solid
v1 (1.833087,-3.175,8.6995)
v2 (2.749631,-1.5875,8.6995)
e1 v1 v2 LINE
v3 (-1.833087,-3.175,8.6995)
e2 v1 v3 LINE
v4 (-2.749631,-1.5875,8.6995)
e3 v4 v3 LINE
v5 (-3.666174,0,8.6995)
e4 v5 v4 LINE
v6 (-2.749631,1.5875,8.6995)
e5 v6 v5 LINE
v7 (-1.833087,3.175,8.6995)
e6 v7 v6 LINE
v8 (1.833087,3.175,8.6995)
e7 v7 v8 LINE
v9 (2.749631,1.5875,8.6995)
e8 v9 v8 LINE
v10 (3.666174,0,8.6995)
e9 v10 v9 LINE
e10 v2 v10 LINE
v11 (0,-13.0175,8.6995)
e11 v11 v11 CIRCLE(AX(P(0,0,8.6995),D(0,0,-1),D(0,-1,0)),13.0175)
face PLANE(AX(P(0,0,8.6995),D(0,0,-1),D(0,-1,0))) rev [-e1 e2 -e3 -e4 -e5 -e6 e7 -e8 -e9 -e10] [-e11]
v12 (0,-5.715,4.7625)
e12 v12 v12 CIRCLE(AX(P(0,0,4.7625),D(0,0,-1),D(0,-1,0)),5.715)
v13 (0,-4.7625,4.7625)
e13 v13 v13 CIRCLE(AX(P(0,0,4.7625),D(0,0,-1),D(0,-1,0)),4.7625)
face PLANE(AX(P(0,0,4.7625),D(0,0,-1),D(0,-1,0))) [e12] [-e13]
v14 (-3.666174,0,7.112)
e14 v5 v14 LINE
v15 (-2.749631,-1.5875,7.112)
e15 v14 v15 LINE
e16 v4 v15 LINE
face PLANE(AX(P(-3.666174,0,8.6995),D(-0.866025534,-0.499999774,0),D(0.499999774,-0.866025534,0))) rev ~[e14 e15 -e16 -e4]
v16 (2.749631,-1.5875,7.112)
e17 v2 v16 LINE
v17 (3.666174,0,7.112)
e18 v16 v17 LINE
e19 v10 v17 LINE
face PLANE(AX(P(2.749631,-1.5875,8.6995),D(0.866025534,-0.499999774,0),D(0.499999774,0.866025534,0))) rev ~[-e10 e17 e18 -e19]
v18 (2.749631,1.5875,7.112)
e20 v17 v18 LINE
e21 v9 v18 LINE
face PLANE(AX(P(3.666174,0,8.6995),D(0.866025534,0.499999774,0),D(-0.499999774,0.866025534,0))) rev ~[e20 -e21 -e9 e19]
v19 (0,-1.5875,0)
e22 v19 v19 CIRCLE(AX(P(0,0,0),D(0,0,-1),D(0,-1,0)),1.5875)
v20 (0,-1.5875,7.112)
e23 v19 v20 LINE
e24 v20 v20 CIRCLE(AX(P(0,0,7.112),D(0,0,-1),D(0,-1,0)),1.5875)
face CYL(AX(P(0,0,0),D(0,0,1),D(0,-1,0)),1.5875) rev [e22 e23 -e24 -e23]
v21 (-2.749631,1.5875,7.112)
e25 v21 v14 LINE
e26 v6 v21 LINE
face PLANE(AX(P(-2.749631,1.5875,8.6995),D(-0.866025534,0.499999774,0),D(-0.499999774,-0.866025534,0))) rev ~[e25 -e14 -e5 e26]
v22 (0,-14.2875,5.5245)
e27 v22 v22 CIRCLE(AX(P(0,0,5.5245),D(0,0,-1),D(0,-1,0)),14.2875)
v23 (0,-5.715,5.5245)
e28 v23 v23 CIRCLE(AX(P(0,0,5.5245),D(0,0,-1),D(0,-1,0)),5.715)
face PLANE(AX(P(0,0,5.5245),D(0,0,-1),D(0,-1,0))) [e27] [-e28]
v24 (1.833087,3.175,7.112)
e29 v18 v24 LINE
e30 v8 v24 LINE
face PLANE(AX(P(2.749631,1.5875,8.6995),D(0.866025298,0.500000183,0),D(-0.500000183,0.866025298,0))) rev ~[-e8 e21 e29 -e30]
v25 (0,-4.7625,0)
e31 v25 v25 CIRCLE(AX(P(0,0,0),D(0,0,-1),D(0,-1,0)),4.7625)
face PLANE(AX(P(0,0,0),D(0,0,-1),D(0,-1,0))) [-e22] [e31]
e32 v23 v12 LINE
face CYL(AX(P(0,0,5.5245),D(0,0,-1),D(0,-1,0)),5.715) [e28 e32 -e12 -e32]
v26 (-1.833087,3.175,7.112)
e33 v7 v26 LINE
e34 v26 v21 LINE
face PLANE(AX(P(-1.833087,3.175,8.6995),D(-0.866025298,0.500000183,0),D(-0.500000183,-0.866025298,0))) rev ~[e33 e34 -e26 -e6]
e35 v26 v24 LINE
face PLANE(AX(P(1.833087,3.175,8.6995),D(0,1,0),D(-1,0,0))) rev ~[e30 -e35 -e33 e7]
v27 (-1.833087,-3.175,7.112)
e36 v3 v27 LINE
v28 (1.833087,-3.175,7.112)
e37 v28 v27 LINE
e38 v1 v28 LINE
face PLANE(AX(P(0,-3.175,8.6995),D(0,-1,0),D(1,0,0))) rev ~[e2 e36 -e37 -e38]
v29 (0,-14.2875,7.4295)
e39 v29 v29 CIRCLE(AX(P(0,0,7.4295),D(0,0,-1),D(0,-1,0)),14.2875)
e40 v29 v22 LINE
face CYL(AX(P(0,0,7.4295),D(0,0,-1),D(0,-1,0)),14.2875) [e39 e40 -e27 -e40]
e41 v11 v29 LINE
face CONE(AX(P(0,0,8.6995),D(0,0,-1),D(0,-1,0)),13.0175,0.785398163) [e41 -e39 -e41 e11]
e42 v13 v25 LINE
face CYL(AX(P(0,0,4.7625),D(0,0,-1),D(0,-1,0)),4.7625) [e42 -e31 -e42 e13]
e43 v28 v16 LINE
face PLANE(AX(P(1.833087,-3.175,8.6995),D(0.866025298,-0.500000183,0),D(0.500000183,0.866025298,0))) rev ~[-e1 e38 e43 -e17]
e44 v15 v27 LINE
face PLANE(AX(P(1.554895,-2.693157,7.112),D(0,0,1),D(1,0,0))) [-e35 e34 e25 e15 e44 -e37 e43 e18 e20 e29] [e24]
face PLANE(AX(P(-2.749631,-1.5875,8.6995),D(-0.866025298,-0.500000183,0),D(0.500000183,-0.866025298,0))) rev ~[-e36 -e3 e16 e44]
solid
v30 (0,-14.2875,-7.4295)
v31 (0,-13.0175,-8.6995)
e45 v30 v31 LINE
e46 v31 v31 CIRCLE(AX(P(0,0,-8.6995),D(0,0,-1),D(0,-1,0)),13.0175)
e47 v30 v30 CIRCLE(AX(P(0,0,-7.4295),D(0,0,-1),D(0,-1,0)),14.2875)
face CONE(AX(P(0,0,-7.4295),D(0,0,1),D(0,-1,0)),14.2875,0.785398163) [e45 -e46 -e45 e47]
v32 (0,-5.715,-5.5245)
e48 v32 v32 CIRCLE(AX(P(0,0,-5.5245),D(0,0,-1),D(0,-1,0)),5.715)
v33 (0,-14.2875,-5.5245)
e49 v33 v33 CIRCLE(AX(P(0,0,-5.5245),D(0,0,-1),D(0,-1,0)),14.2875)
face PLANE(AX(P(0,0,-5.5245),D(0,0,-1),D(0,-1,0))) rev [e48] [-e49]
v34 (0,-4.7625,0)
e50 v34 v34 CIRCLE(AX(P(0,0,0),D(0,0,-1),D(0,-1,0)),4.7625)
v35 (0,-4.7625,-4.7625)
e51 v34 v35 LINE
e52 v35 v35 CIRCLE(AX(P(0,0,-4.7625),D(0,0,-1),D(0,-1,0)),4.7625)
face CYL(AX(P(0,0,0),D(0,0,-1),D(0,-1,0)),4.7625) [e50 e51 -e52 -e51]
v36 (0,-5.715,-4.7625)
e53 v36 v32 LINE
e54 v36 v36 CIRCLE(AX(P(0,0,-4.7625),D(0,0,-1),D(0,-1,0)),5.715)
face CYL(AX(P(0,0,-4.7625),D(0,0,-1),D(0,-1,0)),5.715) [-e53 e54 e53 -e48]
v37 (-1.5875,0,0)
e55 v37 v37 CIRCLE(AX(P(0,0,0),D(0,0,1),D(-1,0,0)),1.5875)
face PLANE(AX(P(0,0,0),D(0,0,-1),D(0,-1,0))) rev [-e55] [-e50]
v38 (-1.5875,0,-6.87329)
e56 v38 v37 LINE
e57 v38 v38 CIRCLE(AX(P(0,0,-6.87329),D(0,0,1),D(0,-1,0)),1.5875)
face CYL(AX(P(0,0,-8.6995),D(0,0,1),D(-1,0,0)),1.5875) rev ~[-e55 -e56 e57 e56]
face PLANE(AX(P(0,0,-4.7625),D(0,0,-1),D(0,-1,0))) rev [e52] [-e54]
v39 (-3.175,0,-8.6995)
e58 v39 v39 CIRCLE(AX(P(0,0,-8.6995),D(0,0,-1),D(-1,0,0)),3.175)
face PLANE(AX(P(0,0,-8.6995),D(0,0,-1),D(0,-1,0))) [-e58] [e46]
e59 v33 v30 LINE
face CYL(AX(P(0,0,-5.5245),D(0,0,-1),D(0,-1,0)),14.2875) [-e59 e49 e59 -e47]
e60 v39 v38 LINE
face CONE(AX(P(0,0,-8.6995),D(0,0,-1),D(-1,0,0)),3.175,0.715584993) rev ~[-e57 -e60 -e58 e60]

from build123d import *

# Parameters (mm, degrees)
F3_DEPTH       = 1.5875
F7_D           = 3.175
F7_DEPTH       = 15.875
F7_CSINK_D     = 6.35
F7_CSINK_ANGLE = 82


with BuildPart() as f1:
    # F0 (on Right) → F1 (revolve)
    with BuildSketch(Plane.YZ):
        Polygon((-3.175, 8.6995), (-13.0175, 8.6995), (-14.2875, 7.4295), (-14.2875, 5.5245), (-5.715, 5.5245), (-5.715, 4.7625), (-4.7625, 4.7625), (-4.7625, 0), (-1.5875, 0), (-1.5875, 7.112), (-3.175, 7.112), align=None)
    revolve(axis=Axis((0, 0, 4.34975), (0, 0, -1)))

    # F2 (on face) → F3 (cut, through all)
    with BuildSketch(Plane.XY.offset(8.6995)):
        with BuildLine():
            Line((1.833087, 3.175), (0, 3.175))
            ThreePointArc((0, 3.175), (1.5875, 2.749631), (2.749631, 1.5875))
            Line((2.749631, 1.5875), (1.833087, 3.175))
        make_face()
        with BuildLine():
            ThreePointArc((3.175, 0), (3.066814, -0.82175), (2.749631, -1.5875))
            Line((2.749631, -1.5875), (3.666174, 0))
            Line((3.666174, 0), (2.749631, 1.5875))
            ThreePointArc((2.749631, 1.5875), (3.066815, 0.82175), (3.175, 0))
        make_face()
        with BuildLine():
            ThreePointArc((2.749631, -1.5875), (1.5875, -2.749631), (0, -3.175))
            Line((0, -3.175), (1.833087, -3.175))
            Line((1.833087, -3.175), (2.749631, -1.5875))
        make_face()
        with BuildLine():
            Line((-2.749631, -1.5875), (-1.833087, -3.175))
            Line((-1.833087, -3.175), (0, -3.175))
            ThreePointArc((0, -3.175), (-1.5875, -2.749631), (-2.749631, -1.5875))
        make_face()
        with BuildLine():
            Line((-3.666174, 0), (-2.749631, -1.5875))
            ThreePointArc((-2.749631, -1.5875), (-3.175, 0), (-2.749631, 1.5875))
            Line((-2.749631, 1.5875), (-3.666174, 0))
        make_face()
        with BuildLine():
            Line((-1.833087, 3.175), (-2.749631, 1.5875))
            ThreePointArc((-2.749631, 1.5875), (-1.5875, 2.749631), (0, 3.175))
            Line((0, 3.175), (-1.833087, 3.175))
        make_face()
    extrude(amount=-F3_DEPTH, mode=Mode.SUBTRACT)


with BuildPart() as f5:
    # F4 (on Right) → F5 (revolve)
    with BuildSketch(Plane.YZ):
        Polygon((0, 0), (-4.7625, 0), (-4.7625, -4.7625), (-5.715, -4.7625), (-5.715, -5.5245), (-14.2875, -5.5245), (-14.2875, -7.4295), (-13.0175, -8.6995), (0, -8.6995), align=None)
    revolve(axis=Axis((0, 0, 4.7625), (0, 0, -1)))

    # F7
    with Locations(Plane(origin=(0, 0, -8.6995), x_dir=(1, 0, 0), z_dir=(0, 0, -1))):
        with Locations((0, 0)):
            CounterSinkHole(F7_D / 2, F7_CSINK_D / 2, depth=F7_DEPTH, counter_sink_angle=F7_CSINK_ANGLE)


solid = Compound([f1.part, f5.part])
